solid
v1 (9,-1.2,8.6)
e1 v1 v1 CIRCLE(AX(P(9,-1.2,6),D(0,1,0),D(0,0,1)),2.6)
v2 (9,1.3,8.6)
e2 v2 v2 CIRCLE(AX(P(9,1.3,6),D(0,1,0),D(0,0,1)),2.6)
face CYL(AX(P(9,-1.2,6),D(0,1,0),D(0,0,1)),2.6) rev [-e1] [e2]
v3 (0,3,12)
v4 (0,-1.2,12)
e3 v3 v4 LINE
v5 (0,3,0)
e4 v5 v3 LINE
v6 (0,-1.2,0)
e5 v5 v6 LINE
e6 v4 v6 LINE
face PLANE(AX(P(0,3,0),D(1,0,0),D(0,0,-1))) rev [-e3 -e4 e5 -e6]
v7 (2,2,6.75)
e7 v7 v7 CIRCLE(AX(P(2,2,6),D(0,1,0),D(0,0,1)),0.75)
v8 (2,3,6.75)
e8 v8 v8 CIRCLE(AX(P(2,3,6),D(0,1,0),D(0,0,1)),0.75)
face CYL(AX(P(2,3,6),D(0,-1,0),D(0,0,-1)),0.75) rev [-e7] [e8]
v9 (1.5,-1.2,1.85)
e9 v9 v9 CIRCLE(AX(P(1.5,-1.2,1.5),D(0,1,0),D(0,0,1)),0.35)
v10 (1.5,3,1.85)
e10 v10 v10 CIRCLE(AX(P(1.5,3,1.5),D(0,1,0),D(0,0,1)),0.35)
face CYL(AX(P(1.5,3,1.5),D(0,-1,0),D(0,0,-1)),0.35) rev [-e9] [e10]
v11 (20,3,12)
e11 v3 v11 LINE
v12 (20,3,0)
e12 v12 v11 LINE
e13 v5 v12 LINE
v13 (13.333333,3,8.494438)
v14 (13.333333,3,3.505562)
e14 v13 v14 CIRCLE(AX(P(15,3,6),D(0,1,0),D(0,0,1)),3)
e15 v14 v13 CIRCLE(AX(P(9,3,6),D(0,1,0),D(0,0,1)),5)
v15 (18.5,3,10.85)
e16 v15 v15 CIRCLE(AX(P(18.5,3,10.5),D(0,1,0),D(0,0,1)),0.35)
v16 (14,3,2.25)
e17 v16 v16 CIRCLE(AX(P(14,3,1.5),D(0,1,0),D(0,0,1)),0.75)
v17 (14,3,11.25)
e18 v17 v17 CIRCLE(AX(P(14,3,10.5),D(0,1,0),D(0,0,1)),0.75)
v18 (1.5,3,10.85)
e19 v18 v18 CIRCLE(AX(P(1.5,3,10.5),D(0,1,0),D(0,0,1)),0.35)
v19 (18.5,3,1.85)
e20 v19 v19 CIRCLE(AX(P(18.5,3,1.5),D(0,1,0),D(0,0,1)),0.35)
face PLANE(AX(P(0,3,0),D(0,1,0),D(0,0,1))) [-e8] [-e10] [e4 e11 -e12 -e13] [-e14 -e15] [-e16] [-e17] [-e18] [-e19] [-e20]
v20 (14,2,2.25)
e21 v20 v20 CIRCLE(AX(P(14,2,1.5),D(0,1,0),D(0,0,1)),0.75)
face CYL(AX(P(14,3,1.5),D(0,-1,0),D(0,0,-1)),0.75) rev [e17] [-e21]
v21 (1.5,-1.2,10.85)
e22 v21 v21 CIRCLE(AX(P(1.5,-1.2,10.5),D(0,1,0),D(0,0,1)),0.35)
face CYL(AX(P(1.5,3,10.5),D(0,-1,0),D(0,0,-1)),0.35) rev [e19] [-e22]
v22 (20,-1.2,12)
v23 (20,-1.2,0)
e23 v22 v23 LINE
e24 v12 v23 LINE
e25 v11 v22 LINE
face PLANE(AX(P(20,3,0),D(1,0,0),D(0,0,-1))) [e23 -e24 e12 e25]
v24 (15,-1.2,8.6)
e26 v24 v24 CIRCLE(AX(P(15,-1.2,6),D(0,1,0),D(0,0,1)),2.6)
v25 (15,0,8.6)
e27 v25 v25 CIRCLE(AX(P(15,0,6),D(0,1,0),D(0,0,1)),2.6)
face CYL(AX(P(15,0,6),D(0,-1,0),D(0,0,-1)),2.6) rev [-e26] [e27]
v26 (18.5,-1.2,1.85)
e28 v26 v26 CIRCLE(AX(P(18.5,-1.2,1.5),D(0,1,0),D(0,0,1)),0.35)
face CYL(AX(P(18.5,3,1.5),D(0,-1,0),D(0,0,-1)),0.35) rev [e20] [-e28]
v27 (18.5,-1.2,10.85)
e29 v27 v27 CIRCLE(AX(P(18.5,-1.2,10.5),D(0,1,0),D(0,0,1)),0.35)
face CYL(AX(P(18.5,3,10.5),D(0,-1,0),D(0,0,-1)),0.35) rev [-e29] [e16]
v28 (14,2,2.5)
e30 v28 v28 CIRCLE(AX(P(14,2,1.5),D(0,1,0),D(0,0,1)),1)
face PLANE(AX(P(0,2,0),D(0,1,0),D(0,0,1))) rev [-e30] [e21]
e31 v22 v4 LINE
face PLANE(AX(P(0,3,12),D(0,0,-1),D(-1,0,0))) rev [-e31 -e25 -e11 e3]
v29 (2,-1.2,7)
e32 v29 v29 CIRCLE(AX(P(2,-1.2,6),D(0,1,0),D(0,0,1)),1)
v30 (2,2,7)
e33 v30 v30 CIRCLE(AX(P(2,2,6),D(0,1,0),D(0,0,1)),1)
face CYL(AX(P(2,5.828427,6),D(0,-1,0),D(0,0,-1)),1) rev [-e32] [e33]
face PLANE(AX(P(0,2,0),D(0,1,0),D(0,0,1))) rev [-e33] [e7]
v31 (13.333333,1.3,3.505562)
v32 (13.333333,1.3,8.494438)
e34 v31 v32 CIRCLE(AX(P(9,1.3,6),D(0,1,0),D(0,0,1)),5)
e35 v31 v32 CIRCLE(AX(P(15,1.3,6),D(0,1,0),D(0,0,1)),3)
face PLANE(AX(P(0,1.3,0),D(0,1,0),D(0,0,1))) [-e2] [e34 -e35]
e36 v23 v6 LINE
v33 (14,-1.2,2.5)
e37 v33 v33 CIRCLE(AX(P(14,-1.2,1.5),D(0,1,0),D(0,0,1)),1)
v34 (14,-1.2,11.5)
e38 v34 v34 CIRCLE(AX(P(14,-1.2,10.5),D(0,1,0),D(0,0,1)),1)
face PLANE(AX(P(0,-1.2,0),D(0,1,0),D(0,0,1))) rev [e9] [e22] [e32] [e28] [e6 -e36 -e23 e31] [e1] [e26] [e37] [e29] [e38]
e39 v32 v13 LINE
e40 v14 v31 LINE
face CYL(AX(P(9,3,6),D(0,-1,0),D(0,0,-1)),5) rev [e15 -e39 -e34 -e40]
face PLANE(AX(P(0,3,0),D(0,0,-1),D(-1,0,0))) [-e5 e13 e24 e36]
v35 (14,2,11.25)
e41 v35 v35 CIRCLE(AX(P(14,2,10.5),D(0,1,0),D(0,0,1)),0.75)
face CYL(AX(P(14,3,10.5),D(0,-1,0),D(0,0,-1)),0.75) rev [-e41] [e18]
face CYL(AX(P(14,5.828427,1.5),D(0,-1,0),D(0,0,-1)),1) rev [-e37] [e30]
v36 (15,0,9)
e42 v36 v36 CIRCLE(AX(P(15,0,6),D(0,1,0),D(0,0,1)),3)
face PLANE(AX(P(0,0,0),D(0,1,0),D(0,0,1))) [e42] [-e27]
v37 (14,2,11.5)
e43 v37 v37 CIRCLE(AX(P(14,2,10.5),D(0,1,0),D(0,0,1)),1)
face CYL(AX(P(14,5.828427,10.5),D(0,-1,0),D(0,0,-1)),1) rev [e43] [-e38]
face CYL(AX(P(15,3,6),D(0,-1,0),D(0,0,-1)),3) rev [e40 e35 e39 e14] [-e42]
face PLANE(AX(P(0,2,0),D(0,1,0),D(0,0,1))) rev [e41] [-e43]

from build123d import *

# Parameters (mm, degrees)
SKETCH_1_W               = 20
SKETCH_1_H               = 12
EXTRUDE_1_DEPTH          = 3
EXTRUDE_3_DEPTH          = 1.3
EXTRUDE_3_DEPTH_BACK     = 1.2
SKETCH_1_13_W            = 20
SKETCH_1_13_H            = 12
SKETCH_1_13_R            = 2.6
SKETCH_1_13_R_2          = 3
EXTRUDE_START            = -1.2
SKETCH_1_14_W            = 20
SKETCH_1_14_H            = 12
SKETCH_1_14_R            = 2.6
EXTRUDE_4_DEPTH          = 1.2
CUT_EXTRUDE_3_DEPTH      = 24.515952033
CUT_EXTRUDE_3_DEPTH_BACK = 24.515952033
SKETCH_3_R               = 0.75
SKETCH_3_R_2             = 0.35
CUT_EXTRUDE_START        = -1.2
SKETCH_3_4_R             = 1
CUT_EXTRUDE_4_DEPTH      = 3.2


with BuildPart() as part:
    # 草图1 → 凸台-拉伸1 (new body)
    with BuildSketch(Plane(origin=(0, 0, 0), x_dir=(1, 0, 0), z_dir=(0, 1, 0))):
        with Locations((10, -6)):
            Rectangle(SKETCH_1_W, SKETCH_1_H)
        with BuildLine():
            ThreePointArc((13.333333333, -3.505561742), (18, -6), (13.333333333, -8.494438258))
            ThreePointArc((13.333333333, -8.494438258), (4, -6), (13.333333333, -3.505561742))
        make_face(mode=Mode.SUBTRACT)
    extrude(amount=EXTRUDE_1_DEPTH)

    # 草图1<13> → 凸台-拉伸3 (add, two sides: drawn at the far end of the back side and taken through both)
    with BuildSketch(Plane(origin=(0, 0, 0), x_dir=(1, 0, 0), z_dir=(0, 1, 0)).offset(-EXTRUDE_3_DEPTH_BACK)):
        with Locations((10, -6)):
            Rectangle(SKETCH_1_13_W, SKETCH_1_13_H)
        with Locations(Location((9, -6, 0), (0, 0, 270))):
            Circle(SKETCH_1_13_R, mode=Mode.SUBTRACT)
        with Locations(Location((15, -6, 0), (0, 0, 123.748988596))):
            Circle(SKETCH_1_13_R_2, mode=Mode.SUBTRACT)
    extrude(amount=EXTRUDE_3_DEPTH + EXTRUDE_3_DEPTH_BACK)

    # 草图1<14> → 凸台-拉伸4 (add)
    with BuildSketch(Plane(origin=(0, 0, 0), x_dir=(1, 0, 0), z_dir=(0, 1, 0)).offset(EXTRUDE_START)):
        with Locations((10, -6)):
            Rectangle(SKETCH_1_14_W, SKETCH_1_14_H)
        with Locations(Location((15, -6, 0), (0, 0, 270))):
            Circle(SKETCH_1_14_R, mode=Mode.SUBTRACT)
        with Locations(Location((9, -6, 0), (0, 0, 270))):
            Circle(SKETCH_1_14_R, mode=Mode.SUBTRACT)
    extrude(amount=EXTRUDE_4_DEPTH)

    # 草图3 → 切除-拉伸3 (cut, two sides: drawn at the far end of the back side and taken through both)
    with BuildSketch(Plane(origin=(0, 0, 0), x_dir=(1, 0, 0), z_dir=(0, 1, 0)).offset(-CUT_EXTRUDE_3_DEPTH_BACK)):
        with Locations(Location((2, -6, 0), (0, 0, 270))):
            Circle(SKETCH_3_R)
        with Locations(Location((14, -1.5, 0), (0, 0, 270))):
            Circle(SKETCH_3_R)
        with Locations(Location((14, -10.5, 0), (0, 0, 270))):
            Circle(SKETCH_3_R)
        with Locations(Location((1.5, -1.5, 0), (0, 0, 270))):
            Circle(SKETCH_3_R_2)
        with Locations(Location((18.5, -1.5, 0), (0, 0, 270))):
            Circle(SKETCH_3_R_2)
        with Locations(Location((1.5, -10.5, 0), (0, 0, 270))):
            Circle(SKETCH_3_R_2)
        with Locations(Location((18.5, -10.5, 0), (0, 0, 270))):
            Circle(SKETCH_3_R_2)
    extrude(amount=CUT_EXTRUDE_3_DEPTH + CUT_EXTRUDE_3_DEPTH_BACK, mode=Mode.SUBTRACT)

    # 草图3<4> → 切除-拉伸4 (cut)
    with BuildSketch(Plane(origin=(0, 0, 0), x_dir=(1, 0, 0), z_dir=(0, 1, 0)).offset(CUT_EXTRUDE_START)):
        with Locations(Location((2, -6, 0), (0, 0, 270))):
            Circle(SKETCH_3_4_R)
        with Locations(Location((14, -1.5, 0), (0, 0, 270))):
            Circle(SKETCH_3_4_R)
        with Locations(Location((14, -10.5, 0), (0, 0, 270))):
            Circle(SKETCH_3_4_R)
    extrude(amount=CUT_EXTRUDE_4_DEPTH, mode=Mode.SUBTRACT)


solid = part.part
